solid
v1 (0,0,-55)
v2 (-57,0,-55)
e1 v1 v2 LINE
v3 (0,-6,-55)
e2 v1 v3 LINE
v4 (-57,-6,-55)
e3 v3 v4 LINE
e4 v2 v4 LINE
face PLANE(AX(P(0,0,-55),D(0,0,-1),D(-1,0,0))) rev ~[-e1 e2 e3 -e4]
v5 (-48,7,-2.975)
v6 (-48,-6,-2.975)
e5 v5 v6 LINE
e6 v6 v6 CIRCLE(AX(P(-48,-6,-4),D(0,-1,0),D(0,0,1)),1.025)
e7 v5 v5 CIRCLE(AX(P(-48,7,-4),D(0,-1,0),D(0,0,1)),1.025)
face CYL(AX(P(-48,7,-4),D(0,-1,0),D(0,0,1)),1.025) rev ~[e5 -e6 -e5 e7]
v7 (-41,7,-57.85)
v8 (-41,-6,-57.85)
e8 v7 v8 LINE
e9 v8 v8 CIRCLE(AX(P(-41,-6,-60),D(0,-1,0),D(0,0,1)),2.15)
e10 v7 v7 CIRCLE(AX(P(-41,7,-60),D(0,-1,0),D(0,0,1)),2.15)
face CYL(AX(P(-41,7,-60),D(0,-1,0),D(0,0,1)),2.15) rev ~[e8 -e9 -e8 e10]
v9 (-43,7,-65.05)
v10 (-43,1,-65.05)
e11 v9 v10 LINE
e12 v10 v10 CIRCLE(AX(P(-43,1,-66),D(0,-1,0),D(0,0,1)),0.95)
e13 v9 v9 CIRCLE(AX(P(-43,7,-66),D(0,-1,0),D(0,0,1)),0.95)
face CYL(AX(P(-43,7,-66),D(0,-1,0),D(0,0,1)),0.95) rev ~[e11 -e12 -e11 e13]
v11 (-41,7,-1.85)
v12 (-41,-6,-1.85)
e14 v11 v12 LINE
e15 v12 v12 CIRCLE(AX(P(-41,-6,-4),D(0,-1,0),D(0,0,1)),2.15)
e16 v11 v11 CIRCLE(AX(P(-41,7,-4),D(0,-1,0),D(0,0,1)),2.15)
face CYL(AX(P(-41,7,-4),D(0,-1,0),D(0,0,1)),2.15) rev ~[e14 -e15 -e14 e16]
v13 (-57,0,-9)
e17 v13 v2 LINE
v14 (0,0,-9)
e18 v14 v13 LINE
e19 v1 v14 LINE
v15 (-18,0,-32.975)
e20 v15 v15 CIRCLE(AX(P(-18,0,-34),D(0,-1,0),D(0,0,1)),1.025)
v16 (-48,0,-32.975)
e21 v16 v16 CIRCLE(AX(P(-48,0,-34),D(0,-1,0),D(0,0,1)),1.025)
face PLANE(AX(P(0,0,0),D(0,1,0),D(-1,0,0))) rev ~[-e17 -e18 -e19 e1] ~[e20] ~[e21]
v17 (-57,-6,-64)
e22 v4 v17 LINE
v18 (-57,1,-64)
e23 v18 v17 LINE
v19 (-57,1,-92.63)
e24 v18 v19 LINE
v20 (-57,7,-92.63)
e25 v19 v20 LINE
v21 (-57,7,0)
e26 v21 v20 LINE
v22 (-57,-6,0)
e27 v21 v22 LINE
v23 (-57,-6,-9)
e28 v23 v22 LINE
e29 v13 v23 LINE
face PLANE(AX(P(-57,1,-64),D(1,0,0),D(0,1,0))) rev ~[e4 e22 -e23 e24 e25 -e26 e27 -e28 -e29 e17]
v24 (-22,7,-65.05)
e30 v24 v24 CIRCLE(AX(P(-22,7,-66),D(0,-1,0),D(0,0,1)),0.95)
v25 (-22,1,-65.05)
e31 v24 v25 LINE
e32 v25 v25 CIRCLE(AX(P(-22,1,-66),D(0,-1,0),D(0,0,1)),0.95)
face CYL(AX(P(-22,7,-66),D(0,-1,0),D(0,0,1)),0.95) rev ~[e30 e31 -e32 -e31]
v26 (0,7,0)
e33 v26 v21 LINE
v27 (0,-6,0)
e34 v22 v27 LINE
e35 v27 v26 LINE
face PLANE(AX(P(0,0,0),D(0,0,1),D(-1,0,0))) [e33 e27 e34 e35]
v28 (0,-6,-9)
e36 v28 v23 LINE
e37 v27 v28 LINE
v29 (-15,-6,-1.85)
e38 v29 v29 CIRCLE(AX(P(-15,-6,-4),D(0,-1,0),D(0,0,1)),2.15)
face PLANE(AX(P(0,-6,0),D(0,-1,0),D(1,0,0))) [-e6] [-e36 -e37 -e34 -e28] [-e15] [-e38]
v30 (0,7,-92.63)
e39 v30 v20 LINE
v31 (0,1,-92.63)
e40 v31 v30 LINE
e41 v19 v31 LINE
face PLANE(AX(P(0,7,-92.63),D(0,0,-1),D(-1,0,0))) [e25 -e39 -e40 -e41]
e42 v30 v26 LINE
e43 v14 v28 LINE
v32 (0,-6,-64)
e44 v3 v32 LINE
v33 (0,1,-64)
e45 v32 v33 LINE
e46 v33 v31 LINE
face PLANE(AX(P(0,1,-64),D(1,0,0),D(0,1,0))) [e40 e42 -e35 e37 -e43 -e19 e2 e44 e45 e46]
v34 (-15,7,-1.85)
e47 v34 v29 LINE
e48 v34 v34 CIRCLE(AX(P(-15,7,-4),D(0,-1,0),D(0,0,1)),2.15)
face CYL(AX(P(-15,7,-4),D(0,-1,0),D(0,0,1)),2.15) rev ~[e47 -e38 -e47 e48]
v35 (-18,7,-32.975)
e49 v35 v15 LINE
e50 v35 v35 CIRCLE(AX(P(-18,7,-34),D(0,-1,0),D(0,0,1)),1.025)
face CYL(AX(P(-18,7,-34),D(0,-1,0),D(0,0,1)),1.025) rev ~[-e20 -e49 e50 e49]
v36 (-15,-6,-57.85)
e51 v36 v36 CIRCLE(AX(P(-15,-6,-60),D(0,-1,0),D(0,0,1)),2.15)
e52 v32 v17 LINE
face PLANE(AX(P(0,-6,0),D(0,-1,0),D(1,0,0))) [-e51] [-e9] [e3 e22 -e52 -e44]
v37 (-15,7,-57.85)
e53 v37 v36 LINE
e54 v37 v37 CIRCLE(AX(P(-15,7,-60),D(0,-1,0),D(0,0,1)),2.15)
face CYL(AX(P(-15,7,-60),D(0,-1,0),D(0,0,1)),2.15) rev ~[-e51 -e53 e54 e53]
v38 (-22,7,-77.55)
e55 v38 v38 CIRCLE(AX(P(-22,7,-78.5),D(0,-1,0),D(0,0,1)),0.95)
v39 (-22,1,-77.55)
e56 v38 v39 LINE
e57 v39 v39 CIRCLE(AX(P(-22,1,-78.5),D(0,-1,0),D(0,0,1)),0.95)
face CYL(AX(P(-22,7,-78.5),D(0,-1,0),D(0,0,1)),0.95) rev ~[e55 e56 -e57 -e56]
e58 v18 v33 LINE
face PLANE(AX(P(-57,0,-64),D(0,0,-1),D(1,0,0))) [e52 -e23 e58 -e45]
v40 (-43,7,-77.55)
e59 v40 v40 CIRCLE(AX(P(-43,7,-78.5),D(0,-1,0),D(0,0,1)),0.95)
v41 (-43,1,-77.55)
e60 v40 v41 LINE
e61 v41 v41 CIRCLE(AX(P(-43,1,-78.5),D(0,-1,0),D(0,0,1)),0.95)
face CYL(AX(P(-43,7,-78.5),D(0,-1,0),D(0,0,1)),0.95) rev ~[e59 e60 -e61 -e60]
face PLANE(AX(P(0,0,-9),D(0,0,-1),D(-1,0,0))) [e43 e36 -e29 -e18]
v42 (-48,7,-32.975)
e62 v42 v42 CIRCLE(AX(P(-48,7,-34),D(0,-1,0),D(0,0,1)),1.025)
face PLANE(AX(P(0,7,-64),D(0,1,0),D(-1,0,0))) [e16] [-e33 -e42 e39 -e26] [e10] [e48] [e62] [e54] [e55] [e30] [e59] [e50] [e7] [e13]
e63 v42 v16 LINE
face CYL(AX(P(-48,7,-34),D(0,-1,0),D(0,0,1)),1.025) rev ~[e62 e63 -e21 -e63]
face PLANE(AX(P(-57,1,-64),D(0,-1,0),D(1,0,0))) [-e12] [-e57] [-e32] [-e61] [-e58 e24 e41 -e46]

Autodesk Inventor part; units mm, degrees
ref_plane "YZ Plane" through (0, 0, 0) normal (1, 0, 0) x (0, 1, 0)
ref_plane "XZ Plane" through (0, 0, 0) normal (0, 1, 0) x (-1, 0, 0)
ref_plane "XY Plane" through (0, 0, 0) normal (0, 0, 1) x (1, 0, 0)
sketch "Sketch1" plane through (0, 0, 0) normal (0, 1, 0) x (-1, 0, 0)
  line L0 (0, 0) -> (57, 0)
  line L1 (57, 0) -> (57, -64)
  line L2 (57, -64) -> (0, -64)
  line L3 (0, -64) -> (0, 0)
  dimension "d0" = 57
  dimension "d1" = 64
extrude "Extrusion1" add sketch "Sketch1" along normal blind 7
sketch "Sketch2" plane through (0, 7, 0) normal (0, 1, 0) x (1, 0, 0)
  line L0 (-57, 64) -> (-57, 0) projected
  line L1 (-57, 0) -> (0, 0) projected
  line L2 (0, 64) -> (-57, 64) projected
  point P0 (-41, 4)
  point P1 (-15, 4)
  point P2 (-41, 60)
  point P3 (-15, 60)
  dimension "d4" = 26
  dimension "d5" = 16
  dimension "d6" = 4
  dimension "d7" = 4
  dimension "d8" = 4
  dimension "d9" = 4
  dimension "d10" = 26
  dimension "d11" = 16
sketch "Sketch3" plane through (0, 0, 0) normal (0, -1, 0) x (1, 0, 0)
  line L0 (0, -64) -> (-57, -64) projected
  line L1 (0, 0) -> (0, -64) projected
  line L2 (-57, -64) -> (0, -64)
  line L3 (0, -64) -> (0, -55)
  line L4 (0, -55) -> (-57, -55)
  line L5 (-57, -55) -> (-57, -64)
  line L6 (-57, -64) -> (-57, 0) projected
  line L7 (-57, 0) -> (0, 0)
  line L8 (0, 0) -> (0, -9)
  line L9 (0, -9) -> (-57, -9)
  line L10 (-57, -9) -> (-57, 0)
  dimension "d12" = 9
  dimension "d13" = 9
extrude "Extrusion2" add sketch "Sketch3" along normal blind 6 contours L0 L5 L4 L1 | L9 L6 L7 L1
hole "Hole1" at (-41, 7, -4) at (-15, 7, -4) at (-41, 7, -60) at (-15, 7, -60) direction (0, -1, 0) diameter 4.3 end through all
sketch "Sketch4" plane through (0, 7, 0) normal (0, 1, 0) x (1, 0, 0)
  line L0 (-57, 0) -> (0, 0) projected
  line L1 (-57, 64) -> (-57, 0) projected
  line L2 (0, 0) -> (0, 64) projected
  line L3 (-63.6235, 34) -> (1.4941, 34) construction
  line L4 (-48, -4.864) -> (-48, 68.9429) construction
  point P0 (-48, 4)
  point P1 (-48, 34)
  point P2 (-18, 34)
  dimension "d28" = 4
  dimension "d30" = 9
  dimension "d41" = 30
  dimension "d42" = 30
hole "Hole2" at (-48, 7, -4) at (-48, 7, -34) at (-18, 7, -34) direction (0, -1, 0) diameter 2.05 end through all
sketch "Sketch5" plane through (0, 7, -64) normal (0, 0, -1) x (-1, 0, 0)
  line L0 (57, -13) -> (57, 0) projected
  line L1 (0, 0) -> (57, 0)
  line L2 (57, 0) -> (57, -6)
  line L3 (57, -6) -> (0, -6)
  line L4 (0, -6) -> (0, 0)
  point P0 (0, -7)
  dimension "d43" = 6
extrude "Extrusion3" add sketch "Sketch5" along normal blind 28.63
sketch "Sketch6" plane through (0, 7, 0) normal (0, 1, 0) x (1, 0, 0)
  line L0 (-43, 25.0666) -> (-43, 99.5095) construction
  line L1 (-57, 92.63) -> (0, 92.63) projected
  line L2 (-22, 34.9149) -> (-22, 94.8811) construction
  line L3 (-39.656, 66) -> (-5.0422, 66) construction
  line L4 (-57, 0) -> (0, 0) projected
  line L5 (0, 0) -> (0, 92.63) projected
  line L6 (-49.1509, 78.5) -> (-3.6175, 78.5) construction
  point P0 (-43, 66)
  point P1 (-22, 66)
  point P2 (-43, 78.5)
  point P3 (-22, 78.5)
  dimension "d46" = 21
  dimension "d47" = 66
  dimension "d48" = 22
  dimension "d49" = 12.5
hole "Hole3" at (-43, 7, -66) at (-22, 7, -66) at (-43, 7, -78.5) at (-22, 7, -78.5) direction (0, -1, 0) diameter 1.9 end through all
properties part number "P132SupportCamera"
